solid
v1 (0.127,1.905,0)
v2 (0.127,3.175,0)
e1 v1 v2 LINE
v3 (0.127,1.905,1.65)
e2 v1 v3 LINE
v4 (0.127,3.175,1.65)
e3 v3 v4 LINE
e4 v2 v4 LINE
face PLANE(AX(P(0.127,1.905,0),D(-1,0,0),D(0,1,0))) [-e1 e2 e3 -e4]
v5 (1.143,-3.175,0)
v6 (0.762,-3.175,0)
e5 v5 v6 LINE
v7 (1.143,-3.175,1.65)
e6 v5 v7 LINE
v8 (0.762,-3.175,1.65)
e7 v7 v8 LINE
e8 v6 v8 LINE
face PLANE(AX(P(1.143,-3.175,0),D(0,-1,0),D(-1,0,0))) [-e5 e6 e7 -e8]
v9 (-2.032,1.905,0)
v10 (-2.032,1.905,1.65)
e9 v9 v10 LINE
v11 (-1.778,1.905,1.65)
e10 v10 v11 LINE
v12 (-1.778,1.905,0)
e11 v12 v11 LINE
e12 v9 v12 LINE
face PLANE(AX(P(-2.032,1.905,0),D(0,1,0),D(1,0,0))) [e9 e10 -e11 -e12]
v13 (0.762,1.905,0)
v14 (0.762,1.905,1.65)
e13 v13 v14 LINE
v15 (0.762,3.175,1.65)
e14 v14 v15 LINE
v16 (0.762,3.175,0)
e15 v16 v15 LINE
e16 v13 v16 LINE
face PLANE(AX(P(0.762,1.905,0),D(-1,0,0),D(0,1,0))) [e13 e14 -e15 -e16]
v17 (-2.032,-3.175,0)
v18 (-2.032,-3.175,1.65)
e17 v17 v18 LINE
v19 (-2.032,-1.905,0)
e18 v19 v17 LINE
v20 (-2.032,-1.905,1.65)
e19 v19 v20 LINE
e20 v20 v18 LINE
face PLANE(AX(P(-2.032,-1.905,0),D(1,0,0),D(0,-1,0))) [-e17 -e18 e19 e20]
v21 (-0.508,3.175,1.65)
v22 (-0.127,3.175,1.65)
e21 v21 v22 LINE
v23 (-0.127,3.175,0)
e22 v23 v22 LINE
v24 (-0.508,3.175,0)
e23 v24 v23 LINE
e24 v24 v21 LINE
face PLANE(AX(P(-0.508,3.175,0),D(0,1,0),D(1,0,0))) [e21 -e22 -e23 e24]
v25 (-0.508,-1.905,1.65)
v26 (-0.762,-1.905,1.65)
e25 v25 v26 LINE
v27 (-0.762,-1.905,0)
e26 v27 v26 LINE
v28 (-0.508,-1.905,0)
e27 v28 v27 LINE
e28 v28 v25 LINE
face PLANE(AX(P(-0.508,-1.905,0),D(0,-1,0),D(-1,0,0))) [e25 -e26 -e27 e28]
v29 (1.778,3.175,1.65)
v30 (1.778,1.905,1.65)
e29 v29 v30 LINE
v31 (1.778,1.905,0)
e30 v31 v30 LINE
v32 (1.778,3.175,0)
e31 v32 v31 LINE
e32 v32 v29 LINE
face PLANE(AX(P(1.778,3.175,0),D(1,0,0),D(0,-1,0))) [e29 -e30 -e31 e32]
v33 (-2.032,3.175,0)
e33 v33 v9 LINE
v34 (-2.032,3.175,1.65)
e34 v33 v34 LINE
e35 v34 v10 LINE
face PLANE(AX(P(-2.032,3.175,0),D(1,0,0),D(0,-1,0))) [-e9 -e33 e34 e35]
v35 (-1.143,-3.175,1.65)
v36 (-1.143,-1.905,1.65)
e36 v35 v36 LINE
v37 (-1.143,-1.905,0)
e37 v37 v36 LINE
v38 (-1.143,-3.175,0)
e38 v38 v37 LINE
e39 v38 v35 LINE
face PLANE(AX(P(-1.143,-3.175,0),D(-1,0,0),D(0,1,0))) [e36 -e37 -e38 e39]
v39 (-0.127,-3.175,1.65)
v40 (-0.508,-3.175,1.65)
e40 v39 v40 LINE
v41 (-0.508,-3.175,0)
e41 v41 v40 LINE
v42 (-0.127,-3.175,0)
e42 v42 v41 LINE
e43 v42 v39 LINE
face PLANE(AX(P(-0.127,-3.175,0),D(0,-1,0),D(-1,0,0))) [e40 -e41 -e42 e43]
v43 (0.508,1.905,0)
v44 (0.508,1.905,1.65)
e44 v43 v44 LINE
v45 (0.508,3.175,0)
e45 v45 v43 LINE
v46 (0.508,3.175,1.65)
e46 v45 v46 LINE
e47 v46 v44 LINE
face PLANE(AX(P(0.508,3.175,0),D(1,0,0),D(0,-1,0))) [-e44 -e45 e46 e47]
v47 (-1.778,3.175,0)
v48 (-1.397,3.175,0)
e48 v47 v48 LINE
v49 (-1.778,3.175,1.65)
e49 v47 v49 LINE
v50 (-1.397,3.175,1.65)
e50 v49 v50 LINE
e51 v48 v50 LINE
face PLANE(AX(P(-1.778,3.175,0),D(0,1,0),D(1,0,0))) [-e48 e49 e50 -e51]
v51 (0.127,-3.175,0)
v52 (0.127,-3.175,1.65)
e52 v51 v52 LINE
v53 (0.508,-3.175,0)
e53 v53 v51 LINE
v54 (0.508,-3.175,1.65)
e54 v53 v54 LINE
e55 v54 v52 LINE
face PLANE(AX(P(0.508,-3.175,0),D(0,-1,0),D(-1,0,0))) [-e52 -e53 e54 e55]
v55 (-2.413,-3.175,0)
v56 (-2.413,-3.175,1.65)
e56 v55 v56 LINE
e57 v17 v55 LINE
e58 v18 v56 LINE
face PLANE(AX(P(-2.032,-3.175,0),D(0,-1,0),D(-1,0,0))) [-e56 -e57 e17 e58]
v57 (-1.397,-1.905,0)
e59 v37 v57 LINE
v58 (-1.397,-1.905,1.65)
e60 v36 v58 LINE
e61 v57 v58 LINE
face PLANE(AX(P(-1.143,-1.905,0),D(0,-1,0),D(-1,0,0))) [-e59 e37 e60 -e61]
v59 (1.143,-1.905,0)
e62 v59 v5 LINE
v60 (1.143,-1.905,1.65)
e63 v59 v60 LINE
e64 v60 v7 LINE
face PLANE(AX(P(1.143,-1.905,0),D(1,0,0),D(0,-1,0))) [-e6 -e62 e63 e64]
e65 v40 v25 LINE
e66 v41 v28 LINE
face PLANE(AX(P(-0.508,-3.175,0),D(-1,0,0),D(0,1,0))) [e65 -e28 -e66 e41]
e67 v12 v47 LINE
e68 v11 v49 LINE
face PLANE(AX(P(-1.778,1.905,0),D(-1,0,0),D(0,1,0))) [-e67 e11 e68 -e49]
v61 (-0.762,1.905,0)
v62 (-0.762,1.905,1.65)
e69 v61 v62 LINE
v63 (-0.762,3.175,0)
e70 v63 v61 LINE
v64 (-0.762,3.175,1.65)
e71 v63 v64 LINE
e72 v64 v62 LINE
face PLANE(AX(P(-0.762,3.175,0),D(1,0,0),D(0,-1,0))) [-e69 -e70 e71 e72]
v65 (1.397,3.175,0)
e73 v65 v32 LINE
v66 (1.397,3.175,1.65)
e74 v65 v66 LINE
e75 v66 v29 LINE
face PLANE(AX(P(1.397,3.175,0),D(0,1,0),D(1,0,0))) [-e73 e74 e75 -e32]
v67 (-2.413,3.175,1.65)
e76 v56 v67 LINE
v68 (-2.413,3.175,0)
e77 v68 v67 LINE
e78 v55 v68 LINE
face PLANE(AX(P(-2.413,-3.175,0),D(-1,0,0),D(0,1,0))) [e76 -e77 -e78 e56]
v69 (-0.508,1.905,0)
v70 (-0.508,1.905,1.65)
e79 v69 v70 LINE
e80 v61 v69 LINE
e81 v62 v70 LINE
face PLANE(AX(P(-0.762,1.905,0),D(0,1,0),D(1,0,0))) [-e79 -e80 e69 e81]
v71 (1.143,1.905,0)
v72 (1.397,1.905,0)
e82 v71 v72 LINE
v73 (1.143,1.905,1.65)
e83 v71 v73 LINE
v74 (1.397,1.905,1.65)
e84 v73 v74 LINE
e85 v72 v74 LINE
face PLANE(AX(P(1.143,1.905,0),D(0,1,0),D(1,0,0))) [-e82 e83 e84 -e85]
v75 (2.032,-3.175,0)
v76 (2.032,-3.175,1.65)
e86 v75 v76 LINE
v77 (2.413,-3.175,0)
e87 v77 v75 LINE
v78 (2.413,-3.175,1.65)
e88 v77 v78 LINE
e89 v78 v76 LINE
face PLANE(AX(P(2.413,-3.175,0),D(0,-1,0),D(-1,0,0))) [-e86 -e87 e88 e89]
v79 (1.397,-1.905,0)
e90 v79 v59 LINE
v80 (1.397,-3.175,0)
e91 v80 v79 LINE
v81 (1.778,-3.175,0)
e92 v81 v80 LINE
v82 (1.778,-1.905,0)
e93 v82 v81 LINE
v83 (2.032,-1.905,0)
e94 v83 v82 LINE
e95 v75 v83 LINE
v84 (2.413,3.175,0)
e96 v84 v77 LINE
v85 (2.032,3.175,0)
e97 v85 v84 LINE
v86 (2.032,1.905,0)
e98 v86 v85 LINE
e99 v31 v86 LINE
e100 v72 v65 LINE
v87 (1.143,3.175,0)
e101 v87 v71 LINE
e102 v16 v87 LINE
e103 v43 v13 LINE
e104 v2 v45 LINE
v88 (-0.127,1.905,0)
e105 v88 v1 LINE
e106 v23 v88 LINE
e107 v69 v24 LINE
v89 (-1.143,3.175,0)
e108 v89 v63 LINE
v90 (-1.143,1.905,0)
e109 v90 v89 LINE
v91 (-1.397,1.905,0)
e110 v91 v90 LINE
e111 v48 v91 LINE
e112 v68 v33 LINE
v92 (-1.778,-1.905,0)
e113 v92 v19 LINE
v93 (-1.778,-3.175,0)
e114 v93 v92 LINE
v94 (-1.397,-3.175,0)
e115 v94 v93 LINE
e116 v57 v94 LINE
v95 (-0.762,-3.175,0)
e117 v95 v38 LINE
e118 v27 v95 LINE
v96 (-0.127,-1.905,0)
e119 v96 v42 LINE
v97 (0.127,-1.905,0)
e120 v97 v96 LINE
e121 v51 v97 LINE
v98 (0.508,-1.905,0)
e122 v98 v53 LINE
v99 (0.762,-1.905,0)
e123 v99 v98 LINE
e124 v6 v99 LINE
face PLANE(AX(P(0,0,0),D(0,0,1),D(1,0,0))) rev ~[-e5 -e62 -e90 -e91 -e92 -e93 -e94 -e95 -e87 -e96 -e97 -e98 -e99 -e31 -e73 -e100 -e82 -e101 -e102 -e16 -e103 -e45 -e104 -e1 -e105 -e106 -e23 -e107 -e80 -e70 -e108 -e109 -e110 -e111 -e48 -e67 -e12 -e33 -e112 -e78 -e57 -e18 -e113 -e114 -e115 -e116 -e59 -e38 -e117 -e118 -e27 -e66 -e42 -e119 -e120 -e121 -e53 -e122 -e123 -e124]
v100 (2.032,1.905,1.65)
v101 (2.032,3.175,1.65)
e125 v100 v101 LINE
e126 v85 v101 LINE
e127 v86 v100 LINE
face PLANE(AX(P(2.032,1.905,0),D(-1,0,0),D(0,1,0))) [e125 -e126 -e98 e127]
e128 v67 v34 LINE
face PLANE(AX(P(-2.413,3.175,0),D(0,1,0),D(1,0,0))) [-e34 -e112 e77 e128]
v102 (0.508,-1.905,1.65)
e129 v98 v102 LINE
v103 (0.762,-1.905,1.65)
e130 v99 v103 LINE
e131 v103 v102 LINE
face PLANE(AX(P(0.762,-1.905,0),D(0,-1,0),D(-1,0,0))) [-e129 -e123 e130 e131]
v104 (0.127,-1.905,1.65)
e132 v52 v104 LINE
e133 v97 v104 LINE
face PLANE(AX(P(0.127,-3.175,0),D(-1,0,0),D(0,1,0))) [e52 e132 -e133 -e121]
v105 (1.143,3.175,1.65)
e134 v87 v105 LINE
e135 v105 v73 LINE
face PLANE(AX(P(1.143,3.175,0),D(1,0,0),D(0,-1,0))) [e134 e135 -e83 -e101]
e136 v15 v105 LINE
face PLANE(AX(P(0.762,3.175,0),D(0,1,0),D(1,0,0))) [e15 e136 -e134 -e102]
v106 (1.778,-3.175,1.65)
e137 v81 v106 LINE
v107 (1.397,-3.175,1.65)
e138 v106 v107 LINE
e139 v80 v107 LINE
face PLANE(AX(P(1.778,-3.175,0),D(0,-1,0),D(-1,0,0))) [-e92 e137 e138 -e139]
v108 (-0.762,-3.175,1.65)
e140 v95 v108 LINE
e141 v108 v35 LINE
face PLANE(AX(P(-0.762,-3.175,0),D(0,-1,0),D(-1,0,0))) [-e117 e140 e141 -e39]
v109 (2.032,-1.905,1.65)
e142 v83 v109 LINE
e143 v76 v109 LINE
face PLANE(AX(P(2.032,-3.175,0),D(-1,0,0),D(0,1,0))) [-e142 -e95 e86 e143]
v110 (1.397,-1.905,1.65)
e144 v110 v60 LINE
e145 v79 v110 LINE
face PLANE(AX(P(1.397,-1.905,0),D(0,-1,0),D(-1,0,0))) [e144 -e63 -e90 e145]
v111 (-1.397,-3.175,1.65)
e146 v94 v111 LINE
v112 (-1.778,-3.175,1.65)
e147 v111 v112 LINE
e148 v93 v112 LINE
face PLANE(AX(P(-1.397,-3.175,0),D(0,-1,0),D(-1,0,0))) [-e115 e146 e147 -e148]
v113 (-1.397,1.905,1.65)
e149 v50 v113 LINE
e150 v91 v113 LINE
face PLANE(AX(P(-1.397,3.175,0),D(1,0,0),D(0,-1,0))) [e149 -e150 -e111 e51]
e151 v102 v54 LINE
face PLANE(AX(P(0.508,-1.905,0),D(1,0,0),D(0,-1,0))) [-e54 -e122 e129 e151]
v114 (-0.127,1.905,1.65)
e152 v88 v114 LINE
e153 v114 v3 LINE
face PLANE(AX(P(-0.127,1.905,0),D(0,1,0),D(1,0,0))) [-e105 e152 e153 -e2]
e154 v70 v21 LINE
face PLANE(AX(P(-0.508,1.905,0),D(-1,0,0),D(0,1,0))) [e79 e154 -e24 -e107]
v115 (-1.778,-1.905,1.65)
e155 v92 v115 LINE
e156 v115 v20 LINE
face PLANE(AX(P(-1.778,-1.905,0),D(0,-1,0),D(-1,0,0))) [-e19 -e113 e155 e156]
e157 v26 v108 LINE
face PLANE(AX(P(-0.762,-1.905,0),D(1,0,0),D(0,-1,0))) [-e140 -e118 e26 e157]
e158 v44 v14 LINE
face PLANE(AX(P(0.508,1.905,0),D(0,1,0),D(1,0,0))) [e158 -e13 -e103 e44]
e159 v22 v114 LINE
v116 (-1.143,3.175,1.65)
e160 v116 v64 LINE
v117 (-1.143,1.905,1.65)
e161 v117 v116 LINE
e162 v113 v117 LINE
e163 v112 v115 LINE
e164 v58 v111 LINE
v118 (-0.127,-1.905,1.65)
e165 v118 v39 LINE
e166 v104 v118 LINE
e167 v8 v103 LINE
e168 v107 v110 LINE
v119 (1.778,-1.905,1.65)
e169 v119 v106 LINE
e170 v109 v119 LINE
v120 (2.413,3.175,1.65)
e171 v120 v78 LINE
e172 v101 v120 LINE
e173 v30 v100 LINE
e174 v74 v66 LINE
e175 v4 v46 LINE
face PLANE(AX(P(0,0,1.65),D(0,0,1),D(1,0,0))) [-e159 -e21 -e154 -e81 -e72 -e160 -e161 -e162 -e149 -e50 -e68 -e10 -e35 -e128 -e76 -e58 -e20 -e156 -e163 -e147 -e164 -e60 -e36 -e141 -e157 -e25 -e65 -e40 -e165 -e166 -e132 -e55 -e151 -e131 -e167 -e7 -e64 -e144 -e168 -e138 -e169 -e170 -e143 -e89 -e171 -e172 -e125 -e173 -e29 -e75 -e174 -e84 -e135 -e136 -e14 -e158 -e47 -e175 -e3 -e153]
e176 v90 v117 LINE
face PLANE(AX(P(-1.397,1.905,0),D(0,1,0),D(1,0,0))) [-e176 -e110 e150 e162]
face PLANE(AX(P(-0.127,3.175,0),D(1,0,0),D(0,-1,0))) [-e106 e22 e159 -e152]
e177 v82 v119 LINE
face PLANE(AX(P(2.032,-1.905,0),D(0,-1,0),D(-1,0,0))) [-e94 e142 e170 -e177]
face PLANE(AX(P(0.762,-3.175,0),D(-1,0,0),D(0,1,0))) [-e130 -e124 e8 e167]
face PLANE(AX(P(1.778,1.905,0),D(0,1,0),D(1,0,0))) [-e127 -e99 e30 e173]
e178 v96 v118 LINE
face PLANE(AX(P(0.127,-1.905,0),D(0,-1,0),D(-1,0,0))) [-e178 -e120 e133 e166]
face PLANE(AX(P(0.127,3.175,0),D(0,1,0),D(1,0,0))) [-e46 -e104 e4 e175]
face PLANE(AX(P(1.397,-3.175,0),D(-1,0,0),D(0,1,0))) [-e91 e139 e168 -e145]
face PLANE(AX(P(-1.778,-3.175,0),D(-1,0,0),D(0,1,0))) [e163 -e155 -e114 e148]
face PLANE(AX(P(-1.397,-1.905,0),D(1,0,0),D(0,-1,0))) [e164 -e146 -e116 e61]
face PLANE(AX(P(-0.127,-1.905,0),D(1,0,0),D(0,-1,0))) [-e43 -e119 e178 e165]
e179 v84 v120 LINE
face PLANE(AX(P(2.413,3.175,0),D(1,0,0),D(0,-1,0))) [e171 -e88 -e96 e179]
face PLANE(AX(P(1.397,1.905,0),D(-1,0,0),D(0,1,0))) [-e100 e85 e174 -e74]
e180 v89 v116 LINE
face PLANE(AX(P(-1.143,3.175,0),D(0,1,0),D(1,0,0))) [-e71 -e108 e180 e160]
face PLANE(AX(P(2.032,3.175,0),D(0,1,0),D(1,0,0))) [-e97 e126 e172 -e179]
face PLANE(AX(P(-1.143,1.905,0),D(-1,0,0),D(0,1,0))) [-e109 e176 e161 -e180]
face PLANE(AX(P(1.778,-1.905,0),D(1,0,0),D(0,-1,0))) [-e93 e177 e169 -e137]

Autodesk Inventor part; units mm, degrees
ref_plane "YZ Plane" through (0, 0, 0) normal (1, 0, 0) x (0, 1, 0)
ref_plane "XZ Plane" through (0, 0, 0) normal (0, 1, 0) x (-1, 0, 0)
ref_plane "XY Plane" through (0, 0, 0) normal (0, 0, 1) x (1, 0, 0)
sketch "QSOP16, ADUM7441_151" plane through (0, 0, 0) normal (0, 0, 1) x (1, 0, 0)
  line L0 (-2.032, 3.175) -> (-2.032, 1.905)
  line L1 (-2.032, 1.905) -> (-1.778, 1.905)
  line L2 (-1.778, 1.905) -> (-1.778, 3.175)
  line L3 (-1.778, 3.175) -> (-1.397, 3.175)
  line L4 (-1.397, 3.175) -> (-1.397, 1.905)
  line L5 (-1.397, 1.905) -> (-1.143, 1.905)
  line L6 (-1.143, 1.905) -> (-1.143, 3.175)
  line L7 (-1.143, 3.175) -> (-0.762, 3.175)
  line L8 (-0.762, 3.175) -> (-0.762, 1.905)
  line L9 (-0.762, 1.905) -> (-0.508, 1.905)
  line L10 (-0.508, 1.905) -> (-0.508, 3.175)
  line L11 (-0.508, 3.175) -> (-0.127, 3.175)
  line L12 (-0.127, 3.175) -> (-0.127, 1.905)
  line L13 (-0.127, 1.905) -> (0.127, 1.905)
  line L14 (0.127, 1.905) -> (0.127, 3.175)
  line L15 (0.127, 3.175) -> (0.508, 3.175)
  line L16 (0.508, 3.175) -> (0.508, 1.905)
  line L17 (0.508, 1.905) -> (0.762, 1.905)
  line L18 (0.762, 1.905) -> (0.762, 3.175)
  line L19 (0.762, 3.175) -> (1.143, 3.175)
  line L20 (1.143, 3.175) -> (1.143, 1.905)
  line L21 (1.143, 1.905) -> (1.397, 1.905)
  line L22 (1.397, 1.905) -> (1.397, 3.175)
  line L23 (1.397, 3.175) -> (1.778, 3.175)
  line L24 (1.778, 3.175) -> (1.778, 1.905)
  line L25 (1.778, 1.905) -> (2.032, 1.905)
  line L26 (2.032, 1.905) -> (2.032, 3.175)
  line L27 (2.032, 3.175) -> (2.413, 3.175)
  line L28 (2.413, 3.175) -> (2.413, -3.175)
  line L29 (2.413, -3.175) -> (2.032, -3.175)
  line L30 (2.032, -3.175) -> (2.032, -1.905)
  line L31 (2.032, -1.905) -> (1.778, -1.905)
  line L32 (1.778, -1.905) -> (1.778, -3.175)
  line L33 (1.778, -3.175) -> (1.397, -3.175)
  line L34 (1.397, -3.175) -> (1.397, -1.905)
  line L35 (1.397, -1.905) -> (1.143, -1.905)
  line L36 (1.143, -1.905) -> (1.143, -3.175)
  line L37 (1.143, -3.175) -> (0.762, -3.175)
  line L38 (0.762, -3.175) -> (0.762, -1.905)
  line L39 (0.762, -1.905) -> (0.508, -1.905)
  line L40 (0.508, -1.905) -> (0.508, -3.175)
  line L41 (0.508, -3.175) -> (0.127, -3.175)
  line L42 (0.127, -3.175) -> (0.127, -1.905)
  line L43 (0.127, -1.905) -> (-0.127, -1.905)
  line L44 (-0.127, -1.905) -> (-0.127, -3.175)
  line L45 (-0.127, -3.175) -> (-0.508, -3.175)
  line L46 (-0.508, -3.175) -> (-0.508, -1.905)
  line L47 (-0.508, -1.905) -> (-0.762, -1.905)
  line L48 (-0.762, -1.905) -> (-0.762, -3.175)
  line L49 (-0.762, -3.175) -> (-1.143, -3.175)
  line L50 (-1.143, -3.175) -> (-1.143, -1.905)
  line L51 (-1.143, -1.905) -> (-1.397, -1.905)
  line L52 (-1.397, -1.905) -> (-1.397, -3.175)
  line L53 (-1.397, -3.175) -> (-1.778, -3.175)
  line L54 (-1.778, -3.175) -> (-1.778, -1.905)
  line L55 (-1.778, -1.905) -> (-2.032, -1.905)
  line L56 (-2.032, -1.905) -> (-2.032, -3.175)
  line L57 (-2.032, -3.175) -> (-2.413, -3.175)
  line L58 (-2.413, -3.175) -> (-2.413, 3.175)
  line L59 (-2.413, 3.175) -> (-2.032, 3.175)
extrude "Extrusion1" add sketch "QSOP16, ADUM7441_151" along normal blind 1.65
properties part number "ADUM7441"
